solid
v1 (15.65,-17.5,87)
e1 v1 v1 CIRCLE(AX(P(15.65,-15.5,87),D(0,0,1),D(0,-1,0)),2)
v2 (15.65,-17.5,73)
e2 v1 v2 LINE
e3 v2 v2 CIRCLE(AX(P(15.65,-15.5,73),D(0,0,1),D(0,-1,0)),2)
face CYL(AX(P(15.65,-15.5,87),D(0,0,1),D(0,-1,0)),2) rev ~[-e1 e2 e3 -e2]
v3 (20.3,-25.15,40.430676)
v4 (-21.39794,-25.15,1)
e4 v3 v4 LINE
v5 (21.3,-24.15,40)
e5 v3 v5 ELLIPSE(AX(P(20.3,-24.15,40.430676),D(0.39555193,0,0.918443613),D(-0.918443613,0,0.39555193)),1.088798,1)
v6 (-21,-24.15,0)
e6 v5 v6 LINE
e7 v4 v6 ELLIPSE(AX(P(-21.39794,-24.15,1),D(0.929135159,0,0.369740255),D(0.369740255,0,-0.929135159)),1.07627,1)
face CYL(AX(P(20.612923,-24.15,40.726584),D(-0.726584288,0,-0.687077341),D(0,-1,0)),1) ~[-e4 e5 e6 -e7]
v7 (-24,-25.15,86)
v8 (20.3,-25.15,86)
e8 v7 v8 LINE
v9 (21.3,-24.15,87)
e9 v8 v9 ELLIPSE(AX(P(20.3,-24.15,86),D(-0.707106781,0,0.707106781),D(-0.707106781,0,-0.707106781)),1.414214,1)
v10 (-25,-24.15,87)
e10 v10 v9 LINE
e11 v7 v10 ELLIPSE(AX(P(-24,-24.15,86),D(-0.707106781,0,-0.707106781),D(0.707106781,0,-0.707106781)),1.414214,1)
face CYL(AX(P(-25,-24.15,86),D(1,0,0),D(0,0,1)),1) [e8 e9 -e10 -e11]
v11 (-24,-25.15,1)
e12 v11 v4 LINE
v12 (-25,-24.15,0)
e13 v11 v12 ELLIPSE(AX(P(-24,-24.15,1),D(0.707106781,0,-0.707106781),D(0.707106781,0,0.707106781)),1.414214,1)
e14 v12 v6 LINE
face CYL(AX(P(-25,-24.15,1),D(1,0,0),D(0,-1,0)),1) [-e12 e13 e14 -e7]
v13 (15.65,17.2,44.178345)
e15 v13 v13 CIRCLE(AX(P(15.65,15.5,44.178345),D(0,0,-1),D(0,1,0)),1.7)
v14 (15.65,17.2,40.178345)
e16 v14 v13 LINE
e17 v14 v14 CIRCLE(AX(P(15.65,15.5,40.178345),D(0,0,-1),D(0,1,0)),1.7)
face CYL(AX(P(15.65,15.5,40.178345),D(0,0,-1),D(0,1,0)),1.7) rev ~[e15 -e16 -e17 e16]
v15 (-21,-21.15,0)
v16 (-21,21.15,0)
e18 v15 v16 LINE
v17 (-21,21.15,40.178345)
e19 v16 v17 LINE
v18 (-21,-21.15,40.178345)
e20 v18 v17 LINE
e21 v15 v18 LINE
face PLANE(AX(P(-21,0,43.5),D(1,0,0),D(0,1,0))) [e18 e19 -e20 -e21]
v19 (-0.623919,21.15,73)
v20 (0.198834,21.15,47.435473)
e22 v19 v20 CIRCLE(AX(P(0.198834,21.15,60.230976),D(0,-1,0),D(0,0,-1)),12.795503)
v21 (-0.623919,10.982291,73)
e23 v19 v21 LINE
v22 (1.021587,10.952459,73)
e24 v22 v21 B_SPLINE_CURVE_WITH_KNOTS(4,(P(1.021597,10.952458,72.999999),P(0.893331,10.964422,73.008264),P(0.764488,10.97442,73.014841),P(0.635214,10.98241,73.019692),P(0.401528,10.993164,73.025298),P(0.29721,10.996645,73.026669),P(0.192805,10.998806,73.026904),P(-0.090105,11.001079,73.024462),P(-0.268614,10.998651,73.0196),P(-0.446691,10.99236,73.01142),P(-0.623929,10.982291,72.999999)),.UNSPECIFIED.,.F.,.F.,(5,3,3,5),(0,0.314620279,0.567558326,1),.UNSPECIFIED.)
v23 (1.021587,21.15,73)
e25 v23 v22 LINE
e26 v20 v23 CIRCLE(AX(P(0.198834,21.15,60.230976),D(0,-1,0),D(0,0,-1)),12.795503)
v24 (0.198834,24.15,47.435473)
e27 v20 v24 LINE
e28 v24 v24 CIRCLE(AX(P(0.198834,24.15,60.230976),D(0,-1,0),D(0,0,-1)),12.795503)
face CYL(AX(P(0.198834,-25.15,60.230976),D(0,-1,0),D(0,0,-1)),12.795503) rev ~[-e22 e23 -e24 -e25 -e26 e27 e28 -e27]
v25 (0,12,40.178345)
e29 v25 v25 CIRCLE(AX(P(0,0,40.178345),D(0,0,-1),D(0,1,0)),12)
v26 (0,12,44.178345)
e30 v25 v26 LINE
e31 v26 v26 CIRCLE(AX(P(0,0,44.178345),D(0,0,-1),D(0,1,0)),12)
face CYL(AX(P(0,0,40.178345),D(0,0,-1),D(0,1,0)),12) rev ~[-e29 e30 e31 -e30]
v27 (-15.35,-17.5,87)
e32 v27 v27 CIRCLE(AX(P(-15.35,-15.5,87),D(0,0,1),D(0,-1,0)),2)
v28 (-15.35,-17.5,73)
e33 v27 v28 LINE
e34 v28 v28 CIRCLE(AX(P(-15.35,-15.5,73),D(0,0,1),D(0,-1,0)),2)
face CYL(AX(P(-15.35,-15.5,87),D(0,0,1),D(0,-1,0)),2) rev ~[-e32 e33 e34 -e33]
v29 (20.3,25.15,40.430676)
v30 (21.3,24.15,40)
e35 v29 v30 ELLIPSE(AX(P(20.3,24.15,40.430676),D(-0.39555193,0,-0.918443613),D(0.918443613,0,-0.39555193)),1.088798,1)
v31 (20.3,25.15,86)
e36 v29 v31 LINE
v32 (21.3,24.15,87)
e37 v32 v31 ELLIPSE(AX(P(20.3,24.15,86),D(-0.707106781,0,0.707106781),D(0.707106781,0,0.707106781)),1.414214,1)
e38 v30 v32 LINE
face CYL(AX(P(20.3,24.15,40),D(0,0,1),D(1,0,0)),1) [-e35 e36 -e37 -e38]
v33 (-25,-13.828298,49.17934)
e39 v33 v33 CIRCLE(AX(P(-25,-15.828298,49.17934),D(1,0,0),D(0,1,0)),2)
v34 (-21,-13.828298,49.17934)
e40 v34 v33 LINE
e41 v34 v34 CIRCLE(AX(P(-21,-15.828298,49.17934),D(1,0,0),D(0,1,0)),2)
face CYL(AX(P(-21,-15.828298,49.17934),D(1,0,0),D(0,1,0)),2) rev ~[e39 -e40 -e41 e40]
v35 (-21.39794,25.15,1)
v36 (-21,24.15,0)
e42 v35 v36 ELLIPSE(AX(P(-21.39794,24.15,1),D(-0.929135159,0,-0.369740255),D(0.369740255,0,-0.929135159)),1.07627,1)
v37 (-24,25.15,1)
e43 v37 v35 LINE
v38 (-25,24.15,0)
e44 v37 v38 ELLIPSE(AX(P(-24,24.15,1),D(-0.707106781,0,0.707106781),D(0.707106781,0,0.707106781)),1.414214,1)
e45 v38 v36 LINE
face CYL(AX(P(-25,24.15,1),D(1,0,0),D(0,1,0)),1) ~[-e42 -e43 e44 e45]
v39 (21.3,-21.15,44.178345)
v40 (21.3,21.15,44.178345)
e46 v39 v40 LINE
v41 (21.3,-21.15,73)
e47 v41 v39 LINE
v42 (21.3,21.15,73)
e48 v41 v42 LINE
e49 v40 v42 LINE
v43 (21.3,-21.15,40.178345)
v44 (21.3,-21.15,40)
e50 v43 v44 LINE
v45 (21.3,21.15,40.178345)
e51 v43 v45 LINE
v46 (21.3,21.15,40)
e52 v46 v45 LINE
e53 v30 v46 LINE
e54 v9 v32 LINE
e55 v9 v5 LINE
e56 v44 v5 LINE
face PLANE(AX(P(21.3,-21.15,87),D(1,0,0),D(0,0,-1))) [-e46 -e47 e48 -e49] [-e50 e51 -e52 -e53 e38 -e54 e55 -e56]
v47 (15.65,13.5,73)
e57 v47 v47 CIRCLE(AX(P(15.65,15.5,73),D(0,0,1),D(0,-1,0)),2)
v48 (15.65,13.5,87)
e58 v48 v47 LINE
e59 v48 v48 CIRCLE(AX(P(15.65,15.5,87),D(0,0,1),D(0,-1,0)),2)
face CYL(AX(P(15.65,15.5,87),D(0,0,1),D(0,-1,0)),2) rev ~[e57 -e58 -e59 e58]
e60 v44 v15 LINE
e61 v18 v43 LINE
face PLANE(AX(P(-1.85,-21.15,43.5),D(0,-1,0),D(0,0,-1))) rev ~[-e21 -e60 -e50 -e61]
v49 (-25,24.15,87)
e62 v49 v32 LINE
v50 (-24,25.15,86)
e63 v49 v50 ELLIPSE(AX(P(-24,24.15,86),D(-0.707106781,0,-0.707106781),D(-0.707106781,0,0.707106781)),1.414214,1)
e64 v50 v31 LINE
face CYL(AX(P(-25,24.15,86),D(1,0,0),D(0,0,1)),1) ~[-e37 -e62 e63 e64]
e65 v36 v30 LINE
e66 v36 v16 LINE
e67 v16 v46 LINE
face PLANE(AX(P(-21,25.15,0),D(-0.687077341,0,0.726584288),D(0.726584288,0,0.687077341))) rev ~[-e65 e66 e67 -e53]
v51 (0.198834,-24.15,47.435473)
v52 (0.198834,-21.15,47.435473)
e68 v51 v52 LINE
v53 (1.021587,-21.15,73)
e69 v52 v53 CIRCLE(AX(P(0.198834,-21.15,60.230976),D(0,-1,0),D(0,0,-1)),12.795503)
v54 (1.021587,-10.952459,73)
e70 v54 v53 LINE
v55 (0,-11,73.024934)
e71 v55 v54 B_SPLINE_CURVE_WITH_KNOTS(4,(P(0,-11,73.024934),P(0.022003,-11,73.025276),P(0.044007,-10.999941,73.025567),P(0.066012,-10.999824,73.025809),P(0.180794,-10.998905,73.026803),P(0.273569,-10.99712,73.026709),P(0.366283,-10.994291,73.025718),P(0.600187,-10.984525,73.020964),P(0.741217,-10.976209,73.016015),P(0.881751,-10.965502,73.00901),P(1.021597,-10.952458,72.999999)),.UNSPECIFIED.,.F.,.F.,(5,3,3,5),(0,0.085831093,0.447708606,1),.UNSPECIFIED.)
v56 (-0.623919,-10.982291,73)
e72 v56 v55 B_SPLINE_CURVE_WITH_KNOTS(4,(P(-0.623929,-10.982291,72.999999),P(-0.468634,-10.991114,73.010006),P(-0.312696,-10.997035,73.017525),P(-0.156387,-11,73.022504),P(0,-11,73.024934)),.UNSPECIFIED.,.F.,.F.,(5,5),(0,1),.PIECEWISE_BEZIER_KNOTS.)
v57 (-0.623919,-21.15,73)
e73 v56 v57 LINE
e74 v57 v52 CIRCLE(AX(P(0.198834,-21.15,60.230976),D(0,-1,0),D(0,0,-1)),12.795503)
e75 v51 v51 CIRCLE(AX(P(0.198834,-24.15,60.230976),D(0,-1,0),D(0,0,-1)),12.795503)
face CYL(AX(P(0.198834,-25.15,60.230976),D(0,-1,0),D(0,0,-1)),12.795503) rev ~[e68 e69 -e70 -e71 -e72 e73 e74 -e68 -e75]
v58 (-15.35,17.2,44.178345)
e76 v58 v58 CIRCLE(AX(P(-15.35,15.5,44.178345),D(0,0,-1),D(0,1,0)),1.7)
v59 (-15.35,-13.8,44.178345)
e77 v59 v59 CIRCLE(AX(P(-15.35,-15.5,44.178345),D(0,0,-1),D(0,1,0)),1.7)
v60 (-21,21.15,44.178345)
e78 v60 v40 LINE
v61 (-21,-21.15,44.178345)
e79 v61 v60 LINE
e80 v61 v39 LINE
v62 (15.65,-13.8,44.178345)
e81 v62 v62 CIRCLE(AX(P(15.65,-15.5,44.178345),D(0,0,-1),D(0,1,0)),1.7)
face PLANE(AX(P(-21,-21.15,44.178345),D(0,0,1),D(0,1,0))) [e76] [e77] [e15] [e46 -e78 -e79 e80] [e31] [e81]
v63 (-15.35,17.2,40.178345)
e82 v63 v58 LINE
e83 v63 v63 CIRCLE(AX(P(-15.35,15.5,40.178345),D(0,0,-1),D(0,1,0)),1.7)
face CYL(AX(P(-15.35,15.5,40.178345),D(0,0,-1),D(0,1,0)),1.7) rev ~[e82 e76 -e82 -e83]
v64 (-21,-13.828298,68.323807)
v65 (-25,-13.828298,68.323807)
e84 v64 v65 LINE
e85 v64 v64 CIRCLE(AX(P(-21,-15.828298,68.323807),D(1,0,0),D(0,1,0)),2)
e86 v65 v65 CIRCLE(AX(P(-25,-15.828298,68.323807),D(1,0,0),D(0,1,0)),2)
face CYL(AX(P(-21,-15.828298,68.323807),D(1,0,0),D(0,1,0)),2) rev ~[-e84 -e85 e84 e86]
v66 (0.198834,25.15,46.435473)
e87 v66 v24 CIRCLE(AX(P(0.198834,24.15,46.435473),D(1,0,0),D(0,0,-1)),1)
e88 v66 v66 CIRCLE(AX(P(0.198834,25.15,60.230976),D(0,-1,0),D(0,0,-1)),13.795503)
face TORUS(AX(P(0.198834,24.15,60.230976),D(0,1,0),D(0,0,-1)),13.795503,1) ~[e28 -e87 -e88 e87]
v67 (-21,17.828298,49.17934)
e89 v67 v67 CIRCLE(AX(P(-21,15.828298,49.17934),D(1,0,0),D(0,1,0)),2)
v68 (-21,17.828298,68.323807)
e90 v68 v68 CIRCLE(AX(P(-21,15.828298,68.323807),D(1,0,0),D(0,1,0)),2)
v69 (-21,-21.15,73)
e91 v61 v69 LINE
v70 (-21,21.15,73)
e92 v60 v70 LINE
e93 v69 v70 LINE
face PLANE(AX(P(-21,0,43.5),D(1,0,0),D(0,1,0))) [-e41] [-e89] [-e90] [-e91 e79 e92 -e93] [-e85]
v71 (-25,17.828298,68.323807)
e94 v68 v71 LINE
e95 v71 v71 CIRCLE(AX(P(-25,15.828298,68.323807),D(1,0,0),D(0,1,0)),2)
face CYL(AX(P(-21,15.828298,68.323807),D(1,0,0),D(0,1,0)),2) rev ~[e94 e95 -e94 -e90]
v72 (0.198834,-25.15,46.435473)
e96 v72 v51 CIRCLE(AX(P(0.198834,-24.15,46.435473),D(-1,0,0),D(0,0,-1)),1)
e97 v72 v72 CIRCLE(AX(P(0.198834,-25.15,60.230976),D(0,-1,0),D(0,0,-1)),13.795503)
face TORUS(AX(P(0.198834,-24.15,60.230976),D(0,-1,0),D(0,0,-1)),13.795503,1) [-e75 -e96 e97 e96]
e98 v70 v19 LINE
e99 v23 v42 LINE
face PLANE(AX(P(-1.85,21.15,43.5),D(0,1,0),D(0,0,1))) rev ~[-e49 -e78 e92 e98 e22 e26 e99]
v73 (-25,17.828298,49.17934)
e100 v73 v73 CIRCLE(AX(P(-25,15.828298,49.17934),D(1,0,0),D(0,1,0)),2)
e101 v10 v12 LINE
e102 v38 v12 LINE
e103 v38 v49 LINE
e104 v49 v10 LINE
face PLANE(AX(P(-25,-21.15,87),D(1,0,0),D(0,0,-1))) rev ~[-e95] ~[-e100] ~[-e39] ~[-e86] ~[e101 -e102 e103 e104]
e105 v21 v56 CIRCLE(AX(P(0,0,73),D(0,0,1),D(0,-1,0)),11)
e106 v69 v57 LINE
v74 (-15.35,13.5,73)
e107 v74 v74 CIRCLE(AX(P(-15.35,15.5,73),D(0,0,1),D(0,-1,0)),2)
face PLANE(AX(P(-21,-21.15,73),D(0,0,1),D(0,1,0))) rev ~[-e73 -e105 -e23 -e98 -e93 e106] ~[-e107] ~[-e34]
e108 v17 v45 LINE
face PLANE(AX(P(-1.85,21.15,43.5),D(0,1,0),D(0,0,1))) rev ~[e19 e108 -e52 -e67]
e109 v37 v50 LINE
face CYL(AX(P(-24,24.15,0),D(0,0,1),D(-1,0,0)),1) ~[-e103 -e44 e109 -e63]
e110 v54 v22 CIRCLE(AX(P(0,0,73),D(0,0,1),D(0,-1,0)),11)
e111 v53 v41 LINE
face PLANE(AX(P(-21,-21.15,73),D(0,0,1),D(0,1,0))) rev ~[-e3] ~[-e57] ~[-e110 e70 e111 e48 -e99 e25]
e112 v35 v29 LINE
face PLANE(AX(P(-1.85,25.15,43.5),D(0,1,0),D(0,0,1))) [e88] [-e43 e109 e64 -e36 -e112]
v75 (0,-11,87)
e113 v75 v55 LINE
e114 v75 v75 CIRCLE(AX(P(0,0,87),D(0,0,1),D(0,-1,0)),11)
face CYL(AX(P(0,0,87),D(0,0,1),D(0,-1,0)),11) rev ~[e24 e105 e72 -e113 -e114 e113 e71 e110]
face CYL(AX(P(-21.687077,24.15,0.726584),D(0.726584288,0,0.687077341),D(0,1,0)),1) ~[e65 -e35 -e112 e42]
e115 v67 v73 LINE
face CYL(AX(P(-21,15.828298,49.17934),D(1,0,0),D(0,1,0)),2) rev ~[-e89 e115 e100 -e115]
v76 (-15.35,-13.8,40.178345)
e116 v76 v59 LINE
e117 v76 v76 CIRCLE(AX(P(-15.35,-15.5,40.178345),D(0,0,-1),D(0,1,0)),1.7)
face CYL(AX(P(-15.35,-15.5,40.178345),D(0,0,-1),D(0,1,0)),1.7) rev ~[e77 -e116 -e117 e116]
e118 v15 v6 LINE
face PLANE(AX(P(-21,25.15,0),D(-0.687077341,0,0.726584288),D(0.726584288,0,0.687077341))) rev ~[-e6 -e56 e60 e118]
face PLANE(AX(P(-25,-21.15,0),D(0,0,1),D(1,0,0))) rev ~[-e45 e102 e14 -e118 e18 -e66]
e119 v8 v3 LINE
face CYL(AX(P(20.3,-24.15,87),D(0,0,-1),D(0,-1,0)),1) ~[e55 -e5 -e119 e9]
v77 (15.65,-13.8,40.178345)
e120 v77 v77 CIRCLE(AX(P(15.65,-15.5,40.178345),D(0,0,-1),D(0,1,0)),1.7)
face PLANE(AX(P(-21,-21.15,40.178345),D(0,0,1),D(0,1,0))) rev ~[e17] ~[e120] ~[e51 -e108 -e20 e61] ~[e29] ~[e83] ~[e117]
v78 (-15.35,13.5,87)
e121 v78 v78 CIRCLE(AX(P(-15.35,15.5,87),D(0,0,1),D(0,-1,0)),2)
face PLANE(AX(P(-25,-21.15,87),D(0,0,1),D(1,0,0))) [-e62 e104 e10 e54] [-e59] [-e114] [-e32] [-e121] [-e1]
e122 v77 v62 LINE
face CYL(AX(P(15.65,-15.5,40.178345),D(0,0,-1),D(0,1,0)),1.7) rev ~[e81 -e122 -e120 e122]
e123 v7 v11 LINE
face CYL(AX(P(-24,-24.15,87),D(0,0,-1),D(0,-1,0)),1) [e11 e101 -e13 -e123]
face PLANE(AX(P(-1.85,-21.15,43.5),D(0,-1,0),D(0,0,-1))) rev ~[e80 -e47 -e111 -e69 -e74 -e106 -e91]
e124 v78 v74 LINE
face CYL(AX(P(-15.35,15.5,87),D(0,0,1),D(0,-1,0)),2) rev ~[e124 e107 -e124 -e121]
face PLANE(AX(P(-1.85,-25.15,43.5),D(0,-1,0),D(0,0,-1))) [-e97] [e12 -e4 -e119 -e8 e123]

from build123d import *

# Parameters (mm, degrees)
SKETCH029_W     = 42.3
SKETCH029_H     = 87
PAD013_DEPTH    = 4
SKETCH030_W     = 42.3
SKETCH030_H     = 4
SKETCH030_H_2   = 14
PAD014_DEPTH    = 42.3
SKETCH032_R     = 11
POCKET013_DEPTH = 14
SKETCH031_R     = 1.7
SKETCH031_R_2   = 12
POCKET014_DEPTH = 5
SKETCH033_W     = 87
SKETCH033_H     = 46.3
PAD015_DEPTH    = 4
SKETCH034_W     = 87
SKETCH034_H     = 46.3
PAD016_DEPTH    = 4
SKETCH035_R     = 2
POCKET015_DEPTH = 14
POCKET016_DEPTH = 51
SKETCH037_R     = 12.795503
POCKET017_DEPTH = 51
SKETCH038_R     = 2
POCKET018_DEPTH = 5
FILLET002_R     = 1


with BuildPart() as part:
    # Sketch029 → Pad013 (new body)
    with BuildSketch(Plane.YZ):
        with Locations((0, 43.5)):
            Rectangle(SKETCH029_W, SKETCH029_H)
    extrude(amount=PAD013_DEPTH)

    # Sketch030 (on Face6 of Pad013) → Pad014 (join)
    with BuildSketch(Plane.YZ.offset(4)):
        with Locations((0, 42.178345)):
            Rectangle(SKETCH030_W, SKETCH030_H)
        with Locations((0, 80)):
            Rectangle(SKETCH030_W, SKETCH030_H_2)
    extrude(amount=PAD014_DEPTH)

    # Sketch032 (on Face13 of Pad014) → Pocket013 (cut)
    with BuildSketch(Plane(origin=(0, 0, 87), x_dir=(0, -1, 0), z_dir=(0, 0, 1))):
        with Locations((0, 25)):
            Circle(SKETCH032_R)
    extrude(amount=-POCKET013_DEPTH, mode=Mode.SUBTRACT)

    # Sketch031 (on Face12 of Pad014) → Pocket014 (cut)
    with BuildSketch(Plane.YX.offset(-40.178345)):
        with Locations((-15.5, 40.65)):
            Circle(SKETCH031_R)
        with Locations((15.5, 40.65)):
            Circle(SKETCH031_R)
        with Locations((15.5, 9.65)):
            Circle(SKETCH031_R)
        with Locations((-15.5, 9.65)):
            Circle(SKETCH031_R)
        with Locations((0, 25)):
            Circle(SKETCH031_R_2)
    extrude(amount=-POCKET014_DEPTH, mode=Mode.SUBTRACT)

    # Sketch033 (on Face3 of Pocket014) → Pad015 (join)
    with BuildSketch(Plane.ZX.offset(21.15)):
        with Locations((43.5, 23.15)):
            Rectangle(SKETCH033_W, SKETCH033_H)
    extrude(amount=PAD015_DEPTH)

    # Sketch034 (on Face2 of Pad015) → Pad016 (join)
    with BuildSketch(Plane(origin=(0, -21.15, 0), x_dir=(0, 0, -1), z_dir=(0, -1, 0))):
        with Locations((-43.5, 23.15)):
            Rectangle(SKETCH034_W, SKETCH034_H)
    extrude(amount=PAD016_DEPTH)

    # Sketch035 (on Face22 of Pad016) → Pocket015 (cut)
    with BuildSketch(Plane(origin=(0, 0, 87), x_dir=(0, -1, 0), z_dir=(0, 0, 1))):
        with Locations((-15.5, 40.65)):
            Circle(SKETCH035_R)
        with Locations((15.5, 40.65)):
            Circle(SKETCH035_R)
        with Locations((15.5, 9.65)):
            Circle(SKETCH035_R)
        with Locations((-15.5, 9.65)):
            Circle(SKETCH035_R)
    extrude(amount=-POCKET015_DEPTH, mode=Mode.SUBTRACT)

    # Sketch036 (on Face13 of Pocket015) → Pocket016 (cut)
    with BuildSketch(Plane.ZX.offset(25.15)):
        Polygon((0, 4), (40, 46.3), (0, 46.3), align=None)
    extrude(amount=-POCKET016_DEPTH, mode=Mode.SUBTRACT)

    # Sketch037 (on Face7 of Pocket016) → Pocket017 (cut)
    with BuildSketch(Plane(origin=(0, -25.15, 0), x_dir=(0, 0, -1), z_dir=(0, -1, 0))):
        with Locations((-60.230976, 25.198834)):
            Circle(SKETCH037_R)
    extrude(amount=-POCKET017_DEPTH, mode=Mode.SUBTRACT)

    # Sketch038 → Pocket018 (cut)
    with BuildSketch(Plane.YZ.offset(4)):
        with Locations((-15.828298, 68.323807)):
            Circle(SKETCH038_R)
        with Locations((15.828298, 68.323807)):
            Circle(SKETCH038_R)
        with Locations((-15.828298, 49.17934)):
            Circle(SKETCH038_R)
        with Locations((15.828298, 49.17934)):
            Circle(SKETCH038_R)
    extrude(amount=-POCKET018_DEPTH, mode=Mode.SUBTRACT)

    # Fillet002
    fillet002_edges = [part.edges().sort_by_distance(p)[0] for p in [
        (2, -25.15, 0),
        (25.15, -25.15, 20),
        (0, -25.15, 43.5),
        (46.3, -25.15, 63.5),
        (23.15, -25.15, 87),
        (25.198834, -25.15, 73.026479),
        (2, 25.15, 0),
        (25.15, 25.15, 20),
        (0, 25.15, 43.5),
        (46.3, 25.15, 63.5),
        (23.15, 25.15, 87),
        (25.198834, 25.15, 73.026479),
    ]]
    fillet(fillet002_edges, radius=FILLET002_R)


with BuildPart() as part_1:
    # Body013 placement: moved
    add(part.part.moved(Location((-25, 0, 0))))


solid = part_1.part
